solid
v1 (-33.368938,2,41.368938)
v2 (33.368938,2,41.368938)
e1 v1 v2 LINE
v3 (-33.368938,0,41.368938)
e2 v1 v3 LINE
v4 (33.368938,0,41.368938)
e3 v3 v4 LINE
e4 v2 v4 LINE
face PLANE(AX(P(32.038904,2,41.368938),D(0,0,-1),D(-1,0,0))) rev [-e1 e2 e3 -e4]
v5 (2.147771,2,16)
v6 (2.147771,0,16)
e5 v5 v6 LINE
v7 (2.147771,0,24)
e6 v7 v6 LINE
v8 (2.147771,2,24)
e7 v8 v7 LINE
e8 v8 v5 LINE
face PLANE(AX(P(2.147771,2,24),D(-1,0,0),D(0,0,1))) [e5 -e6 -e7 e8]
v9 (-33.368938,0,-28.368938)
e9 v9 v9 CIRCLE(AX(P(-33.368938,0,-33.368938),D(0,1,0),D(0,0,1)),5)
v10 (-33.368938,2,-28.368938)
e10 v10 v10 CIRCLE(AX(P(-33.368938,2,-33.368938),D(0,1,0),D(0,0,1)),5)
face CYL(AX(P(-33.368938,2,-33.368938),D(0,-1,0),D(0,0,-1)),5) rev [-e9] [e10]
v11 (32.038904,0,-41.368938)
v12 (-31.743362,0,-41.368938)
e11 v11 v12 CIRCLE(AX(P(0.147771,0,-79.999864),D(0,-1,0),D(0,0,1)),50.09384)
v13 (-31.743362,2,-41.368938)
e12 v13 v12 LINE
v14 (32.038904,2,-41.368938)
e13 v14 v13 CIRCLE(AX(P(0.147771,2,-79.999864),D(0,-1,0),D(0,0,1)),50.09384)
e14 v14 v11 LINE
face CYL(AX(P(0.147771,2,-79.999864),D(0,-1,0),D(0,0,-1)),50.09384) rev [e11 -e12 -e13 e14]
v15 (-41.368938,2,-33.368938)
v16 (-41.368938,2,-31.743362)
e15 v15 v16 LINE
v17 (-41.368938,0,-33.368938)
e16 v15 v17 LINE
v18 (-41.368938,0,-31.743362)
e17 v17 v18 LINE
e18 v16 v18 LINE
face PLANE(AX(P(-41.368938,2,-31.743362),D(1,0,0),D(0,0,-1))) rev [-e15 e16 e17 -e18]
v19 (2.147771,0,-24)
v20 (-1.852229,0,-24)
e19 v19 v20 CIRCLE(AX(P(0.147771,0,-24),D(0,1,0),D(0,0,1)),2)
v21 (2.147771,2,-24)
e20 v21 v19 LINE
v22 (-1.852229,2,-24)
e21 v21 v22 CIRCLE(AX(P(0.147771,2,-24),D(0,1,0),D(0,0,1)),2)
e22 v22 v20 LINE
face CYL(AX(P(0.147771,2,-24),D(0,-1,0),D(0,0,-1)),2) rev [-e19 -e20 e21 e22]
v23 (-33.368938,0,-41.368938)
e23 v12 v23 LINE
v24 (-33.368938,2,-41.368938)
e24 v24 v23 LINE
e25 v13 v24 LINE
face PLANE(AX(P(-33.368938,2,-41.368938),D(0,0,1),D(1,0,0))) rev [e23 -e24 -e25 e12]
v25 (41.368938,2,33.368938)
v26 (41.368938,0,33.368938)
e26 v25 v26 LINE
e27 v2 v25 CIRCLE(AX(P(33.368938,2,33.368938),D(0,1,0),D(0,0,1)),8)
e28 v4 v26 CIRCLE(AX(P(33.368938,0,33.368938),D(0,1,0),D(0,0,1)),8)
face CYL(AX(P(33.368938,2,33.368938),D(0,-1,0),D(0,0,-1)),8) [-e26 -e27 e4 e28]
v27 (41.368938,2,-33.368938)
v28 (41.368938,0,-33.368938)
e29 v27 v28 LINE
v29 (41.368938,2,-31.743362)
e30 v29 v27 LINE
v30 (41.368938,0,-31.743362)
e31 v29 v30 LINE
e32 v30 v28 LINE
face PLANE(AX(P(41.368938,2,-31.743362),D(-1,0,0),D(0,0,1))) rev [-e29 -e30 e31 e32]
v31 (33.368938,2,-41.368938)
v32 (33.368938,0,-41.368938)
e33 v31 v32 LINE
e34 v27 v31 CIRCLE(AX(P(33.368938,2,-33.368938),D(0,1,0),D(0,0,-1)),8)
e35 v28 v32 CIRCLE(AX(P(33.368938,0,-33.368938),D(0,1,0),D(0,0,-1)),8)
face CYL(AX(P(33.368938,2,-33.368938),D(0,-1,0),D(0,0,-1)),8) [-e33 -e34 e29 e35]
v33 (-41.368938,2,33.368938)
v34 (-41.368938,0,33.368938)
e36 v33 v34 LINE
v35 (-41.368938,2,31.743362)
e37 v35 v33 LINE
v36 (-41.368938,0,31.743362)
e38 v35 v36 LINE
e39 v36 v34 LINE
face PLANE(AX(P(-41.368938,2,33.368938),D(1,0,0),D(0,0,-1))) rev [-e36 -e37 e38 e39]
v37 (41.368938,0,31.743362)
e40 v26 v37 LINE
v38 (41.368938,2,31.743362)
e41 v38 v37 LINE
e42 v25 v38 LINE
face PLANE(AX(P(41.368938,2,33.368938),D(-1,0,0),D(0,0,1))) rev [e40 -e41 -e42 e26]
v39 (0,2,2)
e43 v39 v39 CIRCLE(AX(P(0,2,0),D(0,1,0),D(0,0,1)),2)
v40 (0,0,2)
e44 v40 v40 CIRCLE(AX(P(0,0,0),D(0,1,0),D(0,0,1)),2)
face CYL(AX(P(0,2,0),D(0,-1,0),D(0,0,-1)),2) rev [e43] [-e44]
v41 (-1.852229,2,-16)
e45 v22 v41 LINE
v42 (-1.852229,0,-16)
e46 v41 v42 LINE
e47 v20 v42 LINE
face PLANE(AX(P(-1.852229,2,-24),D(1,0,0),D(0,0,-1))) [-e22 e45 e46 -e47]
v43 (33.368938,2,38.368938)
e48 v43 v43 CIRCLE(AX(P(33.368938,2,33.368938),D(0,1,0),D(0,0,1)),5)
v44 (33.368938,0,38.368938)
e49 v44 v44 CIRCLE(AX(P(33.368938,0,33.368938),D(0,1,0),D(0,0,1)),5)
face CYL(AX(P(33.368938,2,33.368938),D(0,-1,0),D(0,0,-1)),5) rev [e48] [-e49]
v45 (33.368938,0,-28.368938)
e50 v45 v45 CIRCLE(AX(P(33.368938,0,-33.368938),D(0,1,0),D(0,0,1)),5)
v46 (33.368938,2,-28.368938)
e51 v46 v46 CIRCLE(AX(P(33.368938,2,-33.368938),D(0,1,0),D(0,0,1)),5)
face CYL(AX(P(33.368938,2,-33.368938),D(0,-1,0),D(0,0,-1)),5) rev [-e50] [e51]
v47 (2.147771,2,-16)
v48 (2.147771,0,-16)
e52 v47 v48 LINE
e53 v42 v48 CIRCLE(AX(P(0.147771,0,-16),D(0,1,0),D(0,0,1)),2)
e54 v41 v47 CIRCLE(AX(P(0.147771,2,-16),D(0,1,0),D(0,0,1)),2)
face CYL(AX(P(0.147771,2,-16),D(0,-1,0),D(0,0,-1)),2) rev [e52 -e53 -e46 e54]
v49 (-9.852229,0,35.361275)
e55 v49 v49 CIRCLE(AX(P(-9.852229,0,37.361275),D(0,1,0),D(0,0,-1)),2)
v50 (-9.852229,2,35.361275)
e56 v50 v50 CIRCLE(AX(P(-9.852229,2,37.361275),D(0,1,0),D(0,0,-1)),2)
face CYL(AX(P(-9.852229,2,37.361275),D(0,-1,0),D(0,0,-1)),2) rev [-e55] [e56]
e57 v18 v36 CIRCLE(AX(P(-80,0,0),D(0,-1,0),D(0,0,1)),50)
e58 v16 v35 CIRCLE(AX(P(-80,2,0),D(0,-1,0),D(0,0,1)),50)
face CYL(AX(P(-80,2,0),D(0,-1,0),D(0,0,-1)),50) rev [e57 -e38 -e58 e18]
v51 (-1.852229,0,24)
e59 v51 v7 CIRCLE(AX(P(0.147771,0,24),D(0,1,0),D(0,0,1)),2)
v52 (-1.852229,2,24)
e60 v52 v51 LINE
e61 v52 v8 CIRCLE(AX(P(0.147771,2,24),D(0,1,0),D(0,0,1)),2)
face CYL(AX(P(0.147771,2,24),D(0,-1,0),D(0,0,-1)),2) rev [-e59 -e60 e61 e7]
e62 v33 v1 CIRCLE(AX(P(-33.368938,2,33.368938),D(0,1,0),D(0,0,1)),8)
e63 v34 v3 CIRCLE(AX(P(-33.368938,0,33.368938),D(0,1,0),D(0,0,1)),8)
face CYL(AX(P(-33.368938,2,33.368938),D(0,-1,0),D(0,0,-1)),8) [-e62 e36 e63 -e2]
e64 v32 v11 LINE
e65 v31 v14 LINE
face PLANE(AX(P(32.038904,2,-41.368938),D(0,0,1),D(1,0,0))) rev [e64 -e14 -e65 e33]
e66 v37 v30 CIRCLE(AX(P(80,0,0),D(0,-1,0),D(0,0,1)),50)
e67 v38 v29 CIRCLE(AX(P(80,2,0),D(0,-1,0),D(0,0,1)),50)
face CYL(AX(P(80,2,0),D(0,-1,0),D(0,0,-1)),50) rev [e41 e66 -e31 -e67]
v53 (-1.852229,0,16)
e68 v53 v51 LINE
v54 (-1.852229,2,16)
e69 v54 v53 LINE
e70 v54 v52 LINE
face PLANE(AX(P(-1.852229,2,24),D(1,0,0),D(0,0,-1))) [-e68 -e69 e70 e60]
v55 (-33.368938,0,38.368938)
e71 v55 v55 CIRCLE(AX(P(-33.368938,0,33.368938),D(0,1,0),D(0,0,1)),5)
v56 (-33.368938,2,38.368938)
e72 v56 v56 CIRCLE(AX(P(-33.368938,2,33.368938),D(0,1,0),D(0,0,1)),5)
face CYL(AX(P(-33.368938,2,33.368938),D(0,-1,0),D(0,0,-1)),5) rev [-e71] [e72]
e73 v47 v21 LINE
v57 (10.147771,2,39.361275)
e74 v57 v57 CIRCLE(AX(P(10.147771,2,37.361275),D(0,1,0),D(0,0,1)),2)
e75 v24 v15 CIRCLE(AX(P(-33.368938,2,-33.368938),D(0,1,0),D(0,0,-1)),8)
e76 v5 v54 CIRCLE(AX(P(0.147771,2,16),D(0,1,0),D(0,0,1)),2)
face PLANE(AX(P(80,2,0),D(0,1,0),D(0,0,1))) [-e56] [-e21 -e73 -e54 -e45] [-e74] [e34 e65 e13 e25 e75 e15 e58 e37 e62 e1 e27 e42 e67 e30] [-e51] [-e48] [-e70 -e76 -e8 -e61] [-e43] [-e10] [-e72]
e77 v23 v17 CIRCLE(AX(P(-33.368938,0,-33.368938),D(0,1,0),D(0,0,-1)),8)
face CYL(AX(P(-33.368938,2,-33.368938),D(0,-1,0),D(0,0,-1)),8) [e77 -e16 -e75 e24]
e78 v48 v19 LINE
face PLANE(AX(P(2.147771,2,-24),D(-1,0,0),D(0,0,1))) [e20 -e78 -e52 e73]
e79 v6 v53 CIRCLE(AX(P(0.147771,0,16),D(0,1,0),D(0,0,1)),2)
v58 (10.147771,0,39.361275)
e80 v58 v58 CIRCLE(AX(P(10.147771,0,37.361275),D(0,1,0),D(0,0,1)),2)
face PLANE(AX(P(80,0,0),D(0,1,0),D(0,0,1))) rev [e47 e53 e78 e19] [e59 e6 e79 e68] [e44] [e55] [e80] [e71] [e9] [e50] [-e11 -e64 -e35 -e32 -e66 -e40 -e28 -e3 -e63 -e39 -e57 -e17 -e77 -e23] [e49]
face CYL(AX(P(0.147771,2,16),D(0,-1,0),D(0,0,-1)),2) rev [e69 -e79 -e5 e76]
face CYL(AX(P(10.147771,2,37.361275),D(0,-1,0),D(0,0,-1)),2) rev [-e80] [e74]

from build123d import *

# Parameters (mm, degrees)
SKETCH1_R           = 5
SKETCH1_R_2         = 2
BOSS_EXTRUDE1_DEPTH = 2


with BuildPart() as part:
    # Sketch1 → Boss-Extrude1 (new body)
    with BuildSketch(Plane(origin=(0, 0, 0), x_dir=(1, 0, 0), z_dir=(0, 1, 0))):
        with BuildLine():
            Line((32.038903515, 41.368938053), (33.368938053, 41.368938053))
            ThreePointArc((33.368938053, 41.368938053), (39.025792302, 39.025792302), (41.368938053, 33.368938053))
            Line((41.368938053, 33.368938053), (41.368938053, 31.743362343))
            ThreePointArc((41.368938053, 31.743362343), (30, 0), (41.368938053, -31.743362343))
            Line((41.368938053, -31.743362343), (41.368938053, -33.368938053))
            ThreePointArc((41.368938053, -33.368938053), (39.025792302, -39.025792302), (33.368938053, -41.368938053))
            Line((33.368938053, -41.368938053), (32.038903515, -41.368938053))
            Line((32.038903515, -41.368938053), (-31.743362343, -41.368938053))
            Line((-31.743362343, -41.368938053), (-33.368938053, -41.368938053))
            ThreePointArc((-33.368938053, -41.368938053), (-39.025792302, -39.025792302), (-41.368938053, -33.368938053))
            Line((-41.368938053, -33.368938053), (-41.368938053, -31.743362343))
            ThreePointArc((-41.368938053, -31.743362343), (-30, 0), (-41.368938053, 31.743362343))
            Line((-41.368938053, 31.743362343), (-41.368938053, 33.368938053))
            ThreePointArc((-41.368938053, 33.368938053), (-39.025792302, 39.025792302), (-33.368938053, 41.368938053))
            Line((-33.368938053, 41.368938053), (-31.743362343, 41.368938053))
            ThreePointArc((-31.743362343, 41.368938053), (0.147770586, 29.90602396), (32.038903515, 41.368938053))
        make_face()
        with Locations((-33.368938053, 33.368938053)):
            Circle(SKETCH1_R, mode=Mode.SUBTRACT)
        with Locations((33.368938053, 33.368938053)):
            Circle(SKETCH1_R, mode=Mode.SUBTRACT)
        with Locations((-33.368938053, -33.368938053)):
            Circle(SKETCH1_R, mode=Mode.SUBTRACT)
        with Locations((33.368938053, -33.368938053)):
            Circle(SKETCH1_R, mode=Mode.SUBTRACT)
        Circle(SKETCH1_R_2, mode=Mode.SUBTRACT)
        with Locations((10.147770586, -37.36127525)):
            Circle(SKETCH1_R_2, mode=Mode.SUBTRACT)
        with Locations((-9.852229414, -37.36127525)):
            Circle(SKETCH1_R_2, mode=Mode.SUBTRACT)
        with BuildLine():
            Line((2.147770586, 24), (2.147770586, 16))
            ThreePointArc((2.147770586, 16), (0.147770586, 14), (-1.852229414, 16))
            Line((-1.852229414, 16), (-1.852229414, 24))
            ThreePointArc((-1.852229414, 24), (0.147770586, 26), (2.147770586, 24))
        make_face(mode=Mode.SUBTRACT)
        with BuildLine():
            Line((-1.852229414, -24), (-1.852229414, -16))
            ThreePointArc((-1.852229414, -16), (0.147770586, -14), (2.147770586, -16))
            Line((2.147770586, -16), (2.147770586, -24))
            ThreePointArc((2.147770586, -24), (0.147770586, -26), (-1.852229414, -24))
        make_face(mode=Mode.SUBTRACT)
    extrude(amount=BOSS_EXTRUDE1_DEPTH)


solid = part.part
